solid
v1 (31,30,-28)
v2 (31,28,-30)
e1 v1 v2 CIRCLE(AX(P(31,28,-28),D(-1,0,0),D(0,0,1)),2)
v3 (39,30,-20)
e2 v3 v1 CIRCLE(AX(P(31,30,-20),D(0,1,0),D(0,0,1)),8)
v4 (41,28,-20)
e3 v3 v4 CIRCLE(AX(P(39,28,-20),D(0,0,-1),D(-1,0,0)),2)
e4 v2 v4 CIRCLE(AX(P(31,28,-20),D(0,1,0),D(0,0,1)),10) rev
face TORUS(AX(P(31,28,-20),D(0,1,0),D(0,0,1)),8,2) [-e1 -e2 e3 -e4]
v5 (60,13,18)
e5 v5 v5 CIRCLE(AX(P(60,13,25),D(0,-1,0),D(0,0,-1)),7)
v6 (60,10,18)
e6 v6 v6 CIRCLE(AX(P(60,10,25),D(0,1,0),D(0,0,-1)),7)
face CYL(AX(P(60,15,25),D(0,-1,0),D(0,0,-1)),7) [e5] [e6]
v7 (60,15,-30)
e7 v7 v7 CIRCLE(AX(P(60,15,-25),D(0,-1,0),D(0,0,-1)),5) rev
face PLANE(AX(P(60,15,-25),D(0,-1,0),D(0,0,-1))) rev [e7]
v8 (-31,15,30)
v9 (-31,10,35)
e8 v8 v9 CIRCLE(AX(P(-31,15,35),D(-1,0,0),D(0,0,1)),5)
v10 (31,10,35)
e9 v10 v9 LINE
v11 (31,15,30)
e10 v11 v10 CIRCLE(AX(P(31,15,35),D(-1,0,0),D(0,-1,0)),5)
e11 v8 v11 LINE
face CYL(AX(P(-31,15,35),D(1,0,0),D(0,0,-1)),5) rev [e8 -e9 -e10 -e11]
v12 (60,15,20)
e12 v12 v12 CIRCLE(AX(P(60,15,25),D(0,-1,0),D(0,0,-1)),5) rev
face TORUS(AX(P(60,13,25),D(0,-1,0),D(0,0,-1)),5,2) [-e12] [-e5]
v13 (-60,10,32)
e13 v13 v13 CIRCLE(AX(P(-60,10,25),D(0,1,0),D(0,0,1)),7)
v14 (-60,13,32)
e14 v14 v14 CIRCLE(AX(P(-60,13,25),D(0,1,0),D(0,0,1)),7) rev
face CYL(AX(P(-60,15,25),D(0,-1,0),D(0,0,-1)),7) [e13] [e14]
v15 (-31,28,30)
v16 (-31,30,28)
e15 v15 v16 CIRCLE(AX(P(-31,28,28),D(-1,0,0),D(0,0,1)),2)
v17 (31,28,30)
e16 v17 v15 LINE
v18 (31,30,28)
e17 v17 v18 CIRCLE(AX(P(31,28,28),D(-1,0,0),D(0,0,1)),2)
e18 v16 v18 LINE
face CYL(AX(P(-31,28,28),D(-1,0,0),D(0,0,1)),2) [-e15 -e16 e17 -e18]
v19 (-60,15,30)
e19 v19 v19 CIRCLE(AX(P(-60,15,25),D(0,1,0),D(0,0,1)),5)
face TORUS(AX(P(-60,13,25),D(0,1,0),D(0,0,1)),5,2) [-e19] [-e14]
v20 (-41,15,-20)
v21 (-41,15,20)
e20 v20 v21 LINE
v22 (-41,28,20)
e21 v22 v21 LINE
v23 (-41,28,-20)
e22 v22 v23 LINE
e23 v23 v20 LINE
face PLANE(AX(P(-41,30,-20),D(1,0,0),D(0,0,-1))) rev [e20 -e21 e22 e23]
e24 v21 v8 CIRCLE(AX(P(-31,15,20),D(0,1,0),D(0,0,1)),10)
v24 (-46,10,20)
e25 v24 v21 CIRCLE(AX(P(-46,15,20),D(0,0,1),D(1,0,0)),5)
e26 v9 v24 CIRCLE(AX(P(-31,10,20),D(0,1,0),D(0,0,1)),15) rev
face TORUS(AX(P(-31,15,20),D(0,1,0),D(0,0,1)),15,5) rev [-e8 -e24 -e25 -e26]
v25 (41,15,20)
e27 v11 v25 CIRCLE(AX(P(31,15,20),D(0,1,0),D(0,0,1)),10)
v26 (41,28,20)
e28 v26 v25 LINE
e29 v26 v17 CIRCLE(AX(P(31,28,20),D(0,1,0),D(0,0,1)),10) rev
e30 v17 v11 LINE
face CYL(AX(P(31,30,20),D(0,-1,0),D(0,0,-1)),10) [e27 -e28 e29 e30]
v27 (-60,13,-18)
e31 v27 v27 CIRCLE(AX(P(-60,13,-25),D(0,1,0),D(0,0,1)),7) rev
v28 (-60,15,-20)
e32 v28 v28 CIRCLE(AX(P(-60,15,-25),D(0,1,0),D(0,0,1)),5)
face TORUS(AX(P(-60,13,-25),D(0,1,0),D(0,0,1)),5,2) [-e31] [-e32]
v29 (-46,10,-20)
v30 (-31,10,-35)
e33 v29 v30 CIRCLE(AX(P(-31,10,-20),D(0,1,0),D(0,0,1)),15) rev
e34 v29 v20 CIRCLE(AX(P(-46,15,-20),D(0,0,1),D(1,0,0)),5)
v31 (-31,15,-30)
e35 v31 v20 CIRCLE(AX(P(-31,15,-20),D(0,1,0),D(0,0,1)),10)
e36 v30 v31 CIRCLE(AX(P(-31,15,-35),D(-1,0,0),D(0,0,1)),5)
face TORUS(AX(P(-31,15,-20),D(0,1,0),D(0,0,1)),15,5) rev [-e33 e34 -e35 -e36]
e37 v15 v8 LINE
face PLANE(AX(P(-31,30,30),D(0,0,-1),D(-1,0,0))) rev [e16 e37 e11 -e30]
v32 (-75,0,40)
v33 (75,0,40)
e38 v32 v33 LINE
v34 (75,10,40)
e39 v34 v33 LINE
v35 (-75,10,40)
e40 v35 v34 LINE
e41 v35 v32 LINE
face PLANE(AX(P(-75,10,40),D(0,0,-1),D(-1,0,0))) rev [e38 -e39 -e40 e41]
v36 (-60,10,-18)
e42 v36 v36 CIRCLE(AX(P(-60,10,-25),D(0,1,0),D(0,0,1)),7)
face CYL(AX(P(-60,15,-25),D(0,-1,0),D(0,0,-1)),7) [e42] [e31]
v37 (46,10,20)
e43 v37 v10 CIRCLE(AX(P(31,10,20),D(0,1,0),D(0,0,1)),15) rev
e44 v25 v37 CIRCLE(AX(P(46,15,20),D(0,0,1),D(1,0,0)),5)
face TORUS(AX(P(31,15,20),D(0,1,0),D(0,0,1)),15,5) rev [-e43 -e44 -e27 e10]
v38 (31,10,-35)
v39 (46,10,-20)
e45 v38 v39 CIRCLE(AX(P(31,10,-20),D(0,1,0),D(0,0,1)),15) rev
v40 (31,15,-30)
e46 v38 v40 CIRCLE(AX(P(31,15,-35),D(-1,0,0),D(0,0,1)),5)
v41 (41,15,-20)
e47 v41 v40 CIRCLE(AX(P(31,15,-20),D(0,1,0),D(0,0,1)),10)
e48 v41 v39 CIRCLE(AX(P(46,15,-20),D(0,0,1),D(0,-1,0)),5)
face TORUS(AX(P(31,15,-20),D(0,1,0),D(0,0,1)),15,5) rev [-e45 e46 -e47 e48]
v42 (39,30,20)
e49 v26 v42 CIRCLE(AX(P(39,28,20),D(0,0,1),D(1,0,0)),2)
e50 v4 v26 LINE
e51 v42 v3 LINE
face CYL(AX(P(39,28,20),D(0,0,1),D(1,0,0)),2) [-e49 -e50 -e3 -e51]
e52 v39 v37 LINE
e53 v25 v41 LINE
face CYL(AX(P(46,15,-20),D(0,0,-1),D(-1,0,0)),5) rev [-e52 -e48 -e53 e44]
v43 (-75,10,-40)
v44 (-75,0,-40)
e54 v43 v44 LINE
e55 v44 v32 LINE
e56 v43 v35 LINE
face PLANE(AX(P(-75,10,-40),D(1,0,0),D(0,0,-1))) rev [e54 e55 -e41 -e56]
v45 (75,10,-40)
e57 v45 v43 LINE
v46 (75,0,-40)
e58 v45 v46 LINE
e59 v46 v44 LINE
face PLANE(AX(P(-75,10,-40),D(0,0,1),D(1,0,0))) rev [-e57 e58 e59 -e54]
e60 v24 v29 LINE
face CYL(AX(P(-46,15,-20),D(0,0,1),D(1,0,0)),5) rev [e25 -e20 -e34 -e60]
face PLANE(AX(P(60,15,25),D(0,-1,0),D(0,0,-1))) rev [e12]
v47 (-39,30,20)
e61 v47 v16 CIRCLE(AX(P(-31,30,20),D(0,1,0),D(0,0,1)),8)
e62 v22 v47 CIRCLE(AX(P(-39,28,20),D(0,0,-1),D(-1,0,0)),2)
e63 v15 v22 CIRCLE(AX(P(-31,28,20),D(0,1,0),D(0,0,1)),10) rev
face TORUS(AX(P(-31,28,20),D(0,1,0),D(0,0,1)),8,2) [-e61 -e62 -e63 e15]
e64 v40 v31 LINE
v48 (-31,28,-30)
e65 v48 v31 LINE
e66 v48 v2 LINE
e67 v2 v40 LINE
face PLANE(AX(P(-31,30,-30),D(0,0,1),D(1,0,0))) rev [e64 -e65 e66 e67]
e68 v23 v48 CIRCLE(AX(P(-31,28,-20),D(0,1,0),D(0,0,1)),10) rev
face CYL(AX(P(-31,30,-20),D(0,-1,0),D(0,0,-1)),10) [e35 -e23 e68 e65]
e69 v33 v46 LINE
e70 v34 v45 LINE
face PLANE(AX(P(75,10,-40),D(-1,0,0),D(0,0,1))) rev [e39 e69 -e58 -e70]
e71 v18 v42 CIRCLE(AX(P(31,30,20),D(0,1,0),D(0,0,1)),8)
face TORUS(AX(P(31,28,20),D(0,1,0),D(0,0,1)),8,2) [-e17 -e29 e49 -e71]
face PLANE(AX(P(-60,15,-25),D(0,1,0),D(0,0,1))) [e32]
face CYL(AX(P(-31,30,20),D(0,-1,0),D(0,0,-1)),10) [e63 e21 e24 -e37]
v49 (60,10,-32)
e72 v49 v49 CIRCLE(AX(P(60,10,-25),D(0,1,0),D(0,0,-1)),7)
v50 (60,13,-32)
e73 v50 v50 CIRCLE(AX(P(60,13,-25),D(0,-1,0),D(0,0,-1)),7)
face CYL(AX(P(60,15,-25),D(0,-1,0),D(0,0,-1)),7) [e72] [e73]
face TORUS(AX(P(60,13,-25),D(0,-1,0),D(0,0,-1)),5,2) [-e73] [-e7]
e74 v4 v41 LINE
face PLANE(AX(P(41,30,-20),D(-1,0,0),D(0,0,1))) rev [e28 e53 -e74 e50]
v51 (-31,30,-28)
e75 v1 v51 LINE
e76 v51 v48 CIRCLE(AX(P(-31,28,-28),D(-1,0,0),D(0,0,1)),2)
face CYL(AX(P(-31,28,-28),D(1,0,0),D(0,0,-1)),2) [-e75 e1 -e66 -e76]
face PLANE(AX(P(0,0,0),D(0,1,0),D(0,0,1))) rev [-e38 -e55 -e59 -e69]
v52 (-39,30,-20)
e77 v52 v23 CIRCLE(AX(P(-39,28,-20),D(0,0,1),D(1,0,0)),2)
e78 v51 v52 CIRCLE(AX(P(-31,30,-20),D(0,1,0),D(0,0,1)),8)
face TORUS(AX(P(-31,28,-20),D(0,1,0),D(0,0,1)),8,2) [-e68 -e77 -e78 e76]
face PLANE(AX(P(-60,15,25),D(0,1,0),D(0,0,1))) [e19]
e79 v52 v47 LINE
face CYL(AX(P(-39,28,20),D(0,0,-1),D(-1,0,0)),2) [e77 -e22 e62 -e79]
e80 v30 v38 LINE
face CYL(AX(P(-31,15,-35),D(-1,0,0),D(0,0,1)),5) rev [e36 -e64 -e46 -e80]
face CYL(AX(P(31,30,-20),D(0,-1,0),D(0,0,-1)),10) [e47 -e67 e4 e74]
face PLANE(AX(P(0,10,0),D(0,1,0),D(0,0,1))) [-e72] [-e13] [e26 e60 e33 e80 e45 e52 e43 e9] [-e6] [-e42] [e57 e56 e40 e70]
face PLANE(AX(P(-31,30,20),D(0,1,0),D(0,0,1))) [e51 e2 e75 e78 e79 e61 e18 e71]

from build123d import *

# Parameters (mm, degrees)
SKETCH1_W           = 150
SKETCH1_H           = 80
BOSS_EXTRUDE1_DEPTH = 10
SKETCH2_R           = 7
BOSS_EXTRUDE2_DEPTH = 5
FILLET1_R           = 2
BOSS_EXTRUDE3_DEPTH = 20
FILLET2_R           = 2
FILLET3_R           = 5


with BuildPart() as part:
    # Sketch1 → Boss-Extrude1 (new body)
    with BuildSketch(Plane(origin=(0, 0, 0), x_dir=(1, 0, 0), z_dir=(0, 1, 0))):
        Rectangle(SKETCH1_W, SKETCH1_H)
    extrude(amount=BOSS_EXTRUDE1_DEPTH)

    # Sketch2 → Boss-Extrude2 (add)
    with BuildSketch(Plane(origin=(0, 10, 0), x_dir=(1, 0, 0), z_dir=(0, 1, 0))):
        with Locations(Location((-60, 25, 0), (0, 0, 270))):
            Circle(SKETCH2_R)
        with Locations(Location((-60, -25, 0), (0, 0, 270))):
            Circle(SKETCH2_R)
        with Locations(Location((60, -25, 0), (0, 0, 90))):
            Circle(SKETCH2_R)
        with Locations(Location((60, 25, 0), (0, 0, 90))):
            Circle(SKETCH2_R)
    extrude(amount=BOSS_EXTRUDE2_DEPTH)

    # Fillet1
    fillet1_edges = [part.edges().sort_by_distance(p)[0] for p in [
        (-60, 15, -32),
        (-60, 15, 18),
        (60, 15, 32),
        (60, 15, -18),
    ]]
    fillet(fillet1_edges, radius=FILLET1_R)

    # Sketch3 → Boss-Extrude3 (add)
    with BuildSketch(Plane(origin=(0, 10, 0), x_dir=(1, 0, 0), z_dir=(0, 1, 0))):
        with BuildLine():
            Line((-31, 30), (31, 30))
            ThreePointArc((31, 30), (38.071067812, 27.071067812), (41, 20))
            Line((41, 20), (41, -20))
            ThreePointArc((41, -20), (38.071067812, -27.071067812), (31, -30))
            Line((31, -30), (-31, -30))
            ThreePointArc((-31, -30), (-38.071067812, -27.071067812), (-41, -20))
            Line((-41, -20), (-41, 20))
            ThreePointArc((-41, 20), (-38.071067812, 27.071067812), (-31, 30))
        make_face()
    extrude(amount=BOSS_EXTRUDE3_DEPTH)

    # Fillet2
    fillet2_edges = [part.edges().sort_by_distance(p)[0] for p in [
        (-38.071067812, 30, 27.071067812),
        (0, 30, 30),
        (38.071067812, 30, 27.071067812),
        (41, 30, 0),
        (38.071067812, 30, -27.071067812),
        (0, 30, -30),
        (-38.071067812, 30, -27.071067812),
        (-41, 30, 0),
    ]]
    fillet(fillet2_edges, radius=FILLET2_R)

    # Fillet3
    fillet3_edges = [part.edges().sort_by_distance(p)[0] for p in [
        (-38.071067812, 10, 27.071067812),
        (0, 10, 30),
        (38.071067812, 10, 27.071067812),
        (41, 10, 0),
        (38.071067812, 10, -27.071067812),
        (0, 10, -30),
        (-38.071067812, 10, -27.071067812),
        (-41, 10, 0),
    ]]
    fillet(fillet3_edges, radius=FILLET3_R)


solid = part.part
